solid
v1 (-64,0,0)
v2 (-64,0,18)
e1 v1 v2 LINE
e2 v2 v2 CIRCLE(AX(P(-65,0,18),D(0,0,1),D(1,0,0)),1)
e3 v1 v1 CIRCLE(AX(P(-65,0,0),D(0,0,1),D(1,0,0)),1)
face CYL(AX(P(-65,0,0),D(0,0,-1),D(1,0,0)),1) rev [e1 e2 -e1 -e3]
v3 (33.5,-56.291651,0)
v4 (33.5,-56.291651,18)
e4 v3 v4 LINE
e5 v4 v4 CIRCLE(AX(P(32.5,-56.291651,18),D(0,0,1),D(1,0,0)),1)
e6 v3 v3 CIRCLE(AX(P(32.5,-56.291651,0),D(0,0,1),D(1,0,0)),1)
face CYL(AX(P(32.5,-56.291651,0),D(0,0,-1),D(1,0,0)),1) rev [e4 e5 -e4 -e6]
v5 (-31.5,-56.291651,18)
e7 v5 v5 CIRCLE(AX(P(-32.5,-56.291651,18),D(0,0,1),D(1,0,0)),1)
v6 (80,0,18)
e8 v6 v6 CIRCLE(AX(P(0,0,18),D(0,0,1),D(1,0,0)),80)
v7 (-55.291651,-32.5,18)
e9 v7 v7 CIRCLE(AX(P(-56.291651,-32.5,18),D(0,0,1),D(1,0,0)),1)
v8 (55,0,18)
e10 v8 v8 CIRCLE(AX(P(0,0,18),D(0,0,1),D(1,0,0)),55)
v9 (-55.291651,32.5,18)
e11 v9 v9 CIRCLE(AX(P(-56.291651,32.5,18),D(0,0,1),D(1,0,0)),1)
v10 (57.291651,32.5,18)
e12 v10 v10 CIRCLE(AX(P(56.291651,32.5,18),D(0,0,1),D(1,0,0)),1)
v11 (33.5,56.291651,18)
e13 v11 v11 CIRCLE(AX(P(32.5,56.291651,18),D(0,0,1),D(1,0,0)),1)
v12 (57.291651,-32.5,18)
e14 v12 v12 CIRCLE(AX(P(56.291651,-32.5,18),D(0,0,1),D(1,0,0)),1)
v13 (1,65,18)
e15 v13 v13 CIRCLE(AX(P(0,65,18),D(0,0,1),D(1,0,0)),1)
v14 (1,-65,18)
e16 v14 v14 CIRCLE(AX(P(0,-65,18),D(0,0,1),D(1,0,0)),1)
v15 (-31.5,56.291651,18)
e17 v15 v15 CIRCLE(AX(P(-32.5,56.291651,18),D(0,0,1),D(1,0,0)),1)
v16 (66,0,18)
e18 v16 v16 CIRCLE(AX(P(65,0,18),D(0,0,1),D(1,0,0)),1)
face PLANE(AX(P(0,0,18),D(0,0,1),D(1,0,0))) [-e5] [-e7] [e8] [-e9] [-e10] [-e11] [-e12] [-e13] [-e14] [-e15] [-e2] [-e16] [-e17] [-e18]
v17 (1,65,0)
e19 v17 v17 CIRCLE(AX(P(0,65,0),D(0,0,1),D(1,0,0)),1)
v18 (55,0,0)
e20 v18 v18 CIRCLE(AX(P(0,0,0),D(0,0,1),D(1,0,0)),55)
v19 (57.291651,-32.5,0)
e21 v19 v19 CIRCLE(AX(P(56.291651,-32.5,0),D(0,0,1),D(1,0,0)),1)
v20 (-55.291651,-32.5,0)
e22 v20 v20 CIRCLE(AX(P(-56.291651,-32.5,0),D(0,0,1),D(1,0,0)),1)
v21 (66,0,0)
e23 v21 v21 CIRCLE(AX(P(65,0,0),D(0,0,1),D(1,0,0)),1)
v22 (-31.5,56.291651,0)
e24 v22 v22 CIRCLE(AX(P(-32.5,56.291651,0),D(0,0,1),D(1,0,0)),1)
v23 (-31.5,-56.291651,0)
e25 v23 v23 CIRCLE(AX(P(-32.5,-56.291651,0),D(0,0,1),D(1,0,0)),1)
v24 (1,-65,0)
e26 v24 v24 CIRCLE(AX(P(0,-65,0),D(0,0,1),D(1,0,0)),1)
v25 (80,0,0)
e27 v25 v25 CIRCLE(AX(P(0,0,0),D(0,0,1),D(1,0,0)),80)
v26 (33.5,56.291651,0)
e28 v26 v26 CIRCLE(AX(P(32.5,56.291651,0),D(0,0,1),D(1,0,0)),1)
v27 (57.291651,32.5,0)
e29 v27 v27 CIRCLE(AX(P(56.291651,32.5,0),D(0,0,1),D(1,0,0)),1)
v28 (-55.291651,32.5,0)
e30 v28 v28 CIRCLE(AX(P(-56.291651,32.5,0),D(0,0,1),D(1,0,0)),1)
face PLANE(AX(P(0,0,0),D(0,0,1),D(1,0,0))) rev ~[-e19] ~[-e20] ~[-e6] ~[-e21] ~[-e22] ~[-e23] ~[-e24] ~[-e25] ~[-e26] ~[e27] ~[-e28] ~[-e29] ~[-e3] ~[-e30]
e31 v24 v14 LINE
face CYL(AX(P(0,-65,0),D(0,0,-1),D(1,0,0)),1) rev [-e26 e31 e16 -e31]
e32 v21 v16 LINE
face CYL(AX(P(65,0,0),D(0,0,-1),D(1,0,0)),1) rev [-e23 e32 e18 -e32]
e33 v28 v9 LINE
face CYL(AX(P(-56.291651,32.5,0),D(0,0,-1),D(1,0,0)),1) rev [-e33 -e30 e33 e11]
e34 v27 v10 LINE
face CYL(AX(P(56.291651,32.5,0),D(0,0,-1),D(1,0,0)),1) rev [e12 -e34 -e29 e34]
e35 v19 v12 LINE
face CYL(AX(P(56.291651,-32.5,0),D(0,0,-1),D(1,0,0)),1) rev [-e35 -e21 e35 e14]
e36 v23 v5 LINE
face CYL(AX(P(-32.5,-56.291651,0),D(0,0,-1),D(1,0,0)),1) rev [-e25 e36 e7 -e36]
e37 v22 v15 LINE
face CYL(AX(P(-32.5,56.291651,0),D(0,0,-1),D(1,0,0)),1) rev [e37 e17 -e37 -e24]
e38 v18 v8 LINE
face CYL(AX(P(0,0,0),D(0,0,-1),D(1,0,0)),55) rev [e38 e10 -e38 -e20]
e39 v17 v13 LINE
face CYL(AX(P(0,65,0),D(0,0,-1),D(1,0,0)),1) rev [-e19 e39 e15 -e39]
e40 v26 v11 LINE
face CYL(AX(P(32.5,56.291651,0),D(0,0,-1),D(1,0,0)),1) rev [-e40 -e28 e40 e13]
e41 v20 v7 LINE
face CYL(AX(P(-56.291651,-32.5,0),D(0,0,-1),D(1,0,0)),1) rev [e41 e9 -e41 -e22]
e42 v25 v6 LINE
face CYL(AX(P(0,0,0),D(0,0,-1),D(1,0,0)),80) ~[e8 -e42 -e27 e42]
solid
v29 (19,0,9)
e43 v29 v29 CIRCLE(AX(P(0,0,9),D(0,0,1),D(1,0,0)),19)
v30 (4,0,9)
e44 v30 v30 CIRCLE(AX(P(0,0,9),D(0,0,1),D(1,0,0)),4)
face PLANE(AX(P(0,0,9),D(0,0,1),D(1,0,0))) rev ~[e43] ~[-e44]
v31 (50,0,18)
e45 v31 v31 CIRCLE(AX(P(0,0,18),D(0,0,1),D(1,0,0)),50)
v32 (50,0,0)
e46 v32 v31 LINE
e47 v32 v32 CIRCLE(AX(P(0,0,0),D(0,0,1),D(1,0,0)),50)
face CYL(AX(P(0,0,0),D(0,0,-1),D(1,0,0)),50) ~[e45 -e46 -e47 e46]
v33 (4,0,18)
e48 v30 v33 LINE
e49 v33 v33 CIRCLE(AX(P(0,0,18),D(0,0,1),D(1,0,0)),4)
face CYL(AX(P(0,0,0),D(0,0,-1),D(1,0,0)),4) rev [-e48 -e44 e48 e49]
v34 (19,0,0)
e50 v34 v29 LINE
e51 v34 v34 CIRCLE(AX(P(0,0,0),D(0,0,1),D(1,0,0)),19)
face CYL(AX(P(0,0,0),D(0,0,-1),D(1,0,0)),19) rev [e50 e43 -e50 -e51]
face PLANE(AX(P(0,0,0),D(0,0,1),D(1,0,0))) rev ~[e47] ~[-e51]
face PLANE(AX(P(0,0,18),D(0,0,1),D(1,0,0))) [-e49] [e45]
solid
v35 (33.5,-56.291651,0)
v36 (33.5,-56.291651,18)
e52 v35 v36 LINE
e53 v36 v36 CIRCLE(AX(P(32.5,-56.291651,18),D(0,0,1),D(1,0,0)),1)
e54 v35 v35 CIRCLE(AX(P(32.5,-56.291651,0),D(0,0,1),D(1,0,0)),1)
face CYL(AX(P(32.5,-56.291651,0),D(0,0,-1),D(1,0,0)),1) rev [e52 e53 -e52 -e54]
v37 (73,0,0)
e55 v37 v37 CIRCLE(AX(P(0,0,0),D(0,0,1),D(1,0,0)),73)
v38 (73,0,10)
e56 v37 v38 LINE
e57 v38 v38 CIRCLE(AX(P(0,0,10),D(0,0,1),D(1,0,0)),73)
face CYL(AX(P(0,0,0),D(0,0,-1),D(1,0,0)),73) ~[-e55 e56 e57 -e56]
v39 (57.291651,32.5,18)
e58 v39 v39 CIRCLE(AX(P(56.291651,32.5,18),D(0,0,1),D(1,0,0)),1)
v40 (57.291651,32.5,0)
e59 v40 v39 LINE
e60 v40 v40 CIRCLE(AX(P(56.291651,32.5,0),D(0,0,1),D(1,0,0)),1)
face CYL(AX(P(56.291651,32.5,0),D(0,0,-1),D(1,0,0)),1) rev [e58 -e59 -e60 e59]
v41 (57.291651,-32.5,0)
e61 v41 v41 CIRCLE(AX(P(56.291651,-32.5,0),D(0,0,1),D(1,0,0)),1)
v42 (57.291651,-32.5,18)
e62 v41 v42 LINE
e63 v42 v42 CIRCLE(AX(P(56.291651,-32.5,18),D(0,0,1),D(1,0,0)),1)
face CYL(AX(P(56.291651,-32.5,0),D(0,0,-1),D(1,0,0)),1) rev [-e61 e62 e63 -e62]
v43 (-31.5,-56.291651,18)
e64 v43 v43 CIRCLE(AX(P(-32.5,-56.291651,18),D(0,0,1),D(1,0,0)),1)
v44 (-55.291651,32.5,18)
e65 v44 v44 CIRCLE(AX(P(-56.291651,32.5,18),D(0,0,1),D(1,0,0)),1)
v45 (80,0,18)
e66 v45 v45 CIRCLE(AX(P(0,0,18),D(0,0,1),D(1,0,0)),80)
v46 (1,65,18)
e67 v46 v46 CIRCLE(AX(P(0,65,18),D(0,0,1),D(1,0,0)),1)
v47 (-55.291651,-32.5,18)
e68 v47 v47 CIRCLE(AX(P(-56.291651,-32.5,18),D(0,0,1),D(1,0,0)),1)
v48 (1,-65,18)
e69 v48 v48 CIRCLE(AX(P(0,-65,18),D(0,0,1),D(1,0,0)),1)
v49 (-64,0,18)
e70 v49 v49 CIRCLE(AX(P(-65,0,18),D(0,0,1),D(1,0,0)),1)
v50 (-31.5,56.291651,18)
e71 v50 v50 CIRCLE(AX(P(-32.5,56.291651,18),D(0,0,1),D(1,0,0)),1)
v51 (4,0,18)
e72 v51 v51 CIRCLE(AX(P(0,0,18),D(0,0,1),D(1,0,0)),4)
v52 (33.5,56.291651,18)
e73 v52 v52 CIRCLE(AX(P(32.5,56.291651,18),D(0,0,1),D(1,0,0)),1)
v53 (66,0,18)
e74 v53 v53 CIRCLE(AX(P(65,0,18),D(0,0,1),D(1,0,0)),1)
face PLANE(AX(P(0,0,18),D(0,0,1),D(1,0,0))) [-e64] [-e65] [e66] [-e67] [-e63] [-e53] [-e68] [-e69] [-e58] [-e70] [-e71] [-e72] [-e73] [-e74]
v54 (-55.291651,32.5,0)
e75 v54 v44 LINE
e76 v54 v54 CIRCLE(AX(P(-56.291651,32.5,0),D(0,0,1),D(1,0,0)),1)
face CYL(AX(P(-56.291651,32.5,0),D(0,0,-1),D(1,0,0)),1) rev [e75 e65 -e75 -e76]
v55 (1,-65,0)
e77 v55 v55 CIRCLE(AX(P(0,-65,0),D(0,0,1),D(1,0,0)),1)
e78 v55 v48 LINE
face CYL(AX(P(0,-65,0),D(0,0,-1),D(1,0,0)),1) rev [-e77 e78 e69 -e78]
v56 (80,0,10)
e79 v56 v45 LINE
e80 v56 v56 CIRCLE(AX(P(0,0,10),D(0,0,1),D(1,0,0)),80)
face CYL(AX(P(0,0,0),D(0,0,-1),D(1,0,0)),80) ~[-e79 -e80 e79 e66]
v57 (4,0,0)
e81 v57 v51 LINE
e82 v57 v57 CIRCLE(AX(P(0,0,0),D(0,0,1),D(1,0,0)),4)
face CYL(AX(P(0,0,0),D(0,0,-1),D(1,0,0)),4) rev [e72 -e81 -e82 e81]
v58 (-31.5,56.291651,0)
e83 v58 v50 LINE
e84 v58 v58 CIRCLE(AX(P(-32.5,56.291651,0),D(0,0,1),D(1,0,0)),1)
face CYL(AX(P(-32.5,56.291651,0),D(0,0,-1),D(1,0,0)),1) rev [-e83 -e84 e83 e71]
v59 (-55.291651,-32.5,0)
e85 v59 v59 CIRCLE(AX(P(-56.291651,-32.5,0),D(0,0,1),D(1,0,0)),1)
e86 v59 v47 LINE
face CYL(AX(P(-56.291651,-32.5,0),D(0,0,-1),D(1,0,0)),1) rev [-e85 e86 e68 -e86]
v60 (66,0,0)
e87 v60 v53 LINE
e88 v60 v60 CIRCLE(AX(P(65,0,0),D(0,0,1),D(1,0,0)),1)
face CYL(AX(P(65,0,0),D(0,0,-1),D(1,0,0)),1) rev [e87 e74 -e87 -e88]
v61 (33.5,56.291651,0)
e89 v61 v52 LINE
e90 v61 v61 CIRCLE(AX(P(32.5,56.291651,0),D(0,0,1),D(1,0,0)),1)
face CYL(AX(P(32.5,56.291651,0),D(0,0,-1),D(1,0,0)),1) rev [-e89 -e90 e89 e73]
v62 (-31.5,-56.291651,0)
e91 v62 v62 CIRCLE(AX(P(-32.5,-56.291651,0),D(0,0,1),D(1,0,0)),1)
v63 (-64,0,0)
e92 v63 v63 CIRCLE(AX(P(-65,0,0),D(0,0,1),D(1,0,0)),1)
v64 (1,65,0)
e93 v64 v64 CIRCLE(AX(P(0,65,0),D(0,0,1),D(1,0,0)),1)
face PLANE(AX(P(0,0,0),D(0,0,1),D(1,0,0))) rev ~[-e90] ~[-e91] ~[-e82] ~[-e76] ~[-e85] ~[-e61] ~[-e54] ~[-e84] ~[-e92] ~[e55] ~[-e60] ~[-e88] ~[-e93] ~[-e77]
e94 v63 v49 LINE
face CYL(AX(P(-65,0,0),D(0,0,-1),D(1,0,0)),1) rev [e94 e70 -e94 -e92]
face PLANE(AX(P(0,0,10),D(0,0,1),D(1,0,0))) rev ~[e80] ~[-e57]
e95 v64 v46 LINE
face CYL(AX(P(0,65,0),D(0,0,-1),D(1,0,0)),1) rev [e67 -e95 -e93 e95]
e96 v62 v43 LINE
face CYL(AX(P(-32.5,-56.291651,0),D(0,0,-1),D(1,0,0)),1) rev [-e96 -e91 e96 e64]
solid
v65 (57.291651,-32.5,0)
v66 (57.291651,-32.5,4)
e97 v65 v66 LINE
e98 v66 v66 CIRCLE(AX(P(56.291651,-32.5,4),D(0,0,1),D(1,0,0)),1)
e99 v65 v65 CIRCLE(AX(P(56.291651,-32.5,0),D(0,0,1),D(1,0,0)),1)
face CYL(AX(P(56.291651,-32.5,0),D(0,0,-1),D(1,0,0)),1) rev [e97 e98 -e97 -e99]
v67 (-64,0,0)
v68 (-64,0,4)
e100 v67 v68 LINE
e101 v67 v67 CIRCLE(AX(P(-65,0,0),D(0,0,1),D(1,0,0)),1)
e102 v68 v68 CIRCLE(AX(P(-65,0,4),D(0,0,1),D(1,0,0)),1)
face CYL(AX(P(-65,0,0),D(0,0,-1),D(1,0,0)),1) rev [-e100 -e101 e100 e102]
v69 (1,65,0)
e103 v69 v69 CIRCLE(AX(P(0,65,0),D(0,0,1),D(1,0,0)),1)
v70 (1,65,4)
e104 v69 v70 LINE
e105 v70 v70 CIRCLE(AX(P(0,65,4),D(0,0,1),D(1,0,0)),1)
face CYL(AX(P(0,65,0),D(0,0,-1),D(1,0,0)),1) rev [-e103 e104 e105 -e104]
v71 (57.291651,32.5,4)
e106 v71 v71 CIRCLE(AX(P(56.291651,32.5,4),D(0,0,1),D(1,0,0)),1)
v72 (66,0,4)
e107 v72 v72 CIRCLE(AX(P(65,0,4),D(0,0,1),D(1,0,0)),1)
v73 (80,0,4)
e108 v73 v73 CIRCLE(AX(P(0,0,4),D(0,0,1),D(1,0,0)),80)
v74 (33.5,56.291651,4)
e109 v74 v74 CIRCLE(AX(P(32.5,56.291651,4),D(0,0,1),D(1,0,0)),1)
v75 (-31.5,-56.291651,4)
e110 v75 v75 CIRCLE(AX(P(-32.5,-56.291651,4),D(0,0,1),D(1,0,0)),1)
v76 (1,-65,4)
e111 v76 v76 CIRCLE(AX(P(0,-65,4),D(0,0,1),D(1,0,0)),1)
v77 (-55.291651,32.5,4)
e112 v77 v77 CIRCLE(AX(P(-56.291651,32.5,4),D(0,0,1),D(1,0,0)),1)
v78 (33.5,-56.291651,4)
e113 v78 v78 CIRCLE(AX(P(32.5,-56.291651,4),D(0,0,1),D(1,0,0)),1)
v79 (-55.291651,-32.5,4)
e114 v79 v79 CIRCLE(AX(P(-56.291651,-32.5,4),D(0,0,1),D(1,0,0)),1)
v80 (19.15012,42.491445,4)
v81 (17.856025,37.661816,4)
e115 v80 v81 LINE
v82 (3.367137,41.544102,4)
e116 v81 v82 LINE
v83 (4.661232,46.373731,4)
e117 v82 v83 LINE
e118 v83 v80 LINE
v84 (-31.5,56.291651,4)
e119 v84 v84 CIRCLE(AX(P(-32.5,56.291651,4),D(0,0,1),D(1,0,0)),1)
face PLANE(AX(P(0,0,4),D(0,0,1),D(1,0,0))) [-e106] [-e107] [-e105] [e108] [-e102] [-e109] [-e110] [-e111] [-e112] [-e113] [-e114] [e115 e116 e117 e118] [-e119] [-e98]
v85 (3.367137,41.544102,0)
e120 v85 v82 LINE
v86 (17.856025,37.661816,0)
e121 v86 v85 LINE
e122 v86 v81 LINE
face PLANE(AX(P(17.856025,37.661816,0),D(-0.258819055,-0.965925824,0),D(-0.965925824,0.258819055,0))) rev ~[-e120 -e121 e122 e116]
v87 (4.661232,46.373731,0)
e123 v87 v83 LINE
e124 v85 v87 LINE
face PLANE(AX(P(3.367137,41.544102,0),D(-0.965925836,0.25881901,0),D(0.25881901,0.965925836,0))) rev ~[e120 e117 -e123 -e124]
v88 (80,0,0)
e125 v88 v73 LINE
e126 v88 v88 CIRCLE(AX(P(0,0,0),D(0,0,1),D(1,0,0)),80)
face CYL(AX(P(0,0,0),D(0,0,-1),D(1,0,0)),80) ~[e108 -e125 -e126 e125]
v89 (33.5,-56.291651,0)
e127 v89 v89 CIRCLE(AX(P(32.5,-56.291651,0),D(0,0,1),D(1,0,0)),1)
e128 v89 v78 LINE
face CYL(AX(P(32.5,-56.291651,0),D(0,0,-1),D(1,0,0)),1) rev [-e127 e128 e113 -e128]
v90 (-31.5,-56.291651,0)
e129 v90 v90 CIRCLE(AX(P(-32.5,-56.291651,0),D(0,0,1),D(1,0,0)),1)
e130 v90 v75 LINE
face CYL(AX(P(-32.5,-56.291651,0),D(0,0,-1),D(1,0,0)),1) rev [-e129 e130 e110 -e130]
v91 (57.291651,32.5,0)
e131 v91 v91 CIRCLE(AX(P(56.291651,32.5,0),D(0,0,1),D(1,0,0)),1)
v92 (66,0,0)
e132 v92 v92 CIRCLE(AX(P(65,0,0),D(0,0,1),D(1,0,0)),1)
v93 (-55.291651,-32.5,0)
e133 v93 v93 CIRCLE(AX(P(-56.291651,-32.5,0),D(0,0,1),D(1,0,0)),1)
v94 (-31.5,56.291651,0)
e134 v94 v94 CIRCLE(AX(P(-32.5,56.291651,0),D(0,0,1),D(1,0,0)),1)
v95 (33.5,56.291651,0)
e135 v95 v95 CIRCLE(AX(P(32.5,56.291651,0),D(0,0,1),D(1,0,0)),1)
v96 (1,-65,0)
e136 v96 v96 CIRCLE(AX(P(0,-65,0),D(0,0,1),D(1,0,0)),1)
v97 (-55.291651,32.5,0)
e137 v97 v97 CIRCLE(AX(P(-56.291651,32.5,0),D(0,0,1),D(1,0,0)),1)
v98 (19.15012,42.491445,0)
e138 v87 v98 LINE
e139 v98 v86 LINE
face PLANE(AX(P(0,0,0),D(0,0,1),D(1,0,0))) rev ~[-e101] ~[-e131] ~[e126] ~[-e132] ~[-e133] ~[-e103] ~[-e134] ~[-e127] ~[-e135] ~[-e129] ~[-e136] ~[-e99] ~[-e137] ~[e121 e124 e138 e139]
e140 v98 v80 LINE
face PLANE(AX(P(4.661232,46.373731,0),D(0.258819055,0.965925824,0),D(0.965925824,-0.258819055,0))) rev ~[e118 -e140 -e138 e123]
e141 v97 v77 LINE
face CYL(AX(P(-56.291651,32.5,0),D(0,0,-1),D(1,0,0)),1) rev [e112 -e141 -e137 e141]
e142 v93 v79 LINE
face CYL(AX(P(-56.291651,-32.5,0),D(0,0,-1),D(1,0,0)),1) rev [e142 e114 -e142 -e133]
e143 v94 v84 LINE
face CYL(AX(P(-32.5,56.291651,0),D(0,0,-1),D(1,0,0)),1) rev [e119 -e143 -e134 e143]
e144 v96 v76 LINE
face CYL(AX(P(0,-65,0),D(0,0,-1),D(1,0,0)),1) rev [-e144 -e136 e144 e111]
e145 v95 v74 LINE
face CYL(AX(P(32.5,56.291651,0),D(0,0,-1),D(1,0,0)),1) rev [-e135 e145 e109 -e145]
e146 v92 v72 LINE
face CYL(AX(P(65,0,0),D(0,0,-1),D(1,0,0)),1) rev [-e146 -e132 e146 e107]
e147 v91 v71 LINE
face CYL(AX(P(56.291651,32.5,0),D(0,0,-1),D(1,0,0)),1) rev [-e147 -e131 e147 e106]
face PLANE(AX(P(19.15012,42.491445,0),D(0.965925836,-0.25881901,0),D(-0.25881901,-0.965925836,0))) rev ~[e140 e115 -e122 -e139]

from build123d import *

# Parameters (mm, degrees)
F0_R     = 50
F0_R_2   = 19
F0_R_3   = 4
F1_DEPTH = 18
F2_DEPTH = 9
F0_R_4   = 80
F0_R_5   = 73
F0_R_6   = 1
F0_R_7   = 55
F3_DEPTH = 18
F4_DEPTH = 10
F5_DEPTH = 18
F6_DEPTH = 4


with BuildPart() as f1:
    # F0 (on Top) → F1 (new body)
    with BuildSketch(Plane.XY):
        Circle(F0_R)
        Circle(F0_R_2, mode=Mode.SUBTRACT)
        Polygon((3.367137, 41.544102), (4.661232, 46.373731), (19.15012, 42.491445), (17.856025, 37.661816), align=None, mode=Mode.SUBTRACT)
        Circle(F0_R_2)
        Circle(F0_R_3, mode=Mode.SUBTRACT)
        Polygon((19.15012, 42.491445), (4.661232, 46.373731), (3.367137, 41.544102), (17.856025, 37.661816), align=None)
    extrude(amount=F1_DEPTH)

    # F0 (on Top) → F2 (cut)
    with BuildSketch(Plane.XY):
        Circle(F0_R_2)
        Circle(F0_R_3, mode=Mode.SUBTRACT)
    extrude(amount=F2_DEPTH, mode=Mode.SUBTRACT)


with BuildPart() as f3:
    # F0 (on Top) → F3 (new body)
    with BuildSketch(Plane.XY):
        Circle(F0_R_4)
        Circle(F0_R_5, mode=Mode.SUBTRACT)
        Circle(F0_R_5)
        with Locations((-32.5, -56.291651)):
            Circle(F0_R_6, mode=Mode.SUBTRACT)
        with Locations((-56.291651, -32.5)):
            Circle(F0_R_6, mode=Mode.SUBTRACT)
        with Locations((0, -65)):
            Circle(F0_R_6, mode=Mode.SUBTRACT)
        with Locations((32.5, -56.291651)):
            Circle(F0_R_6, mode=Mode.SUBTRACT)
        with Locations((56.291651, -32.5)):
            Circle(F0_R_6, mode=Mode.SUBTRACT)
        with Locations((-65, 0)):
            Circle(F0_R_6, mode=Mode.SUBTRACT)
        with Locations((-56.291651, 32.5)):
            Circle(F0_R_6, mode=Mode.SUBTRACT)
        with Locations((-32.5, 56.291651)):
            Circle(F0_R_6, mode=Mode.SUBTRACT)
        Circle(F0_R_7, mode=Mode.SUBTRACT)
        with Locations((65, 0)):
            Circle(F0_R_6, mode=Mode.SUBTRACT)
        with Locations((56.291651, 32.5)):
            Circle(F0_R_6, mode=Mode.SUBTRACT)
        with Locations((32.5, 56.291651)):
            Circle(F0_R_6, mode=Mode.SUBTRACT)
        with Locations((0, 65)):
            Circle(F0_R_6, mode=Mode.SUBTRACT)
        Circle(F0_R_7)
        Circle(F0_R, mode=Mode.SUBTRACT)
        Circle(F0_R)
        Circle(F0_R_2, mode=Mode.SUBTRACT)
        Polygon((3.367137, 41.544102), (4.661232, 46.373731), (19.15012, 42.491445), (17.856025, 37.661816), align=None, mode=Mode.SUBTRACT)
        Circle(F0_R_2)
        Circle(F0_R_3, mode=Mode.SUBTRACT)
        Polygon((19.15012, 42.491445), (4.661232, 46.373731), (3.367137, 41.544102), (17.856025, 37.661816), align=None)
    extrude(amount=F3_DEPTH)

    # F0 (on Top) → F4 (cut)
    with BuildSketch(Plane.XY):
        Circle(F0_R_4)
        Circle(F0_R_5, mode=Mode.SUBTRACT)
    extrude(amount=F4_DEPTH, mode=Mode.SUBTRACT)


with BuildPart() as f5:
    # F0 (on Top) → F5 (new body)
    with BuildSketch(Plane.XY):
        Circle(F0_R_4)
        Circle(F0_R_5, mode=Mode.SUBTRACT)
        Circle(F0_R_5)
        with Locations((-32.5, -56.291651)):
            Circle(F0_R_6, mode=Mode.SUBTRACT)
        with Locations((-56.291651, -32.5)):
            Circle(F0_R_6, mode=Mode.SUBTRACT)
        with Locations((0, -65)):
            Circle(F0_R_6, mode=Mode.SUBTRACT)
        with Locations((32.5, -56.291651)):
            Circle(F0_R_6, mode=Mode.SUBTRACT)
        with Locations((56.291651, -32.5)):
            Circle(F0_R_6, mode=Mode.SUBTRACT)
        with Locations((-65, 0)):
            Circle(F0_R_6, mode=Mode.SUBTRACT)
        with Locations((-56.291651, 32.5)):
            Circle(F0_R_6, mode=Mode.SUBTRACT)
        with Locations((-32.5, 56.291651)):
            Circle(F0_R_6, mode=Mode.SUBTRACT)
        Circle(F0_R_7, mode=Mode.SUBTRACT)
        with Locations((65, 0)):
            Circle(F0_R_6, mode=Mode.SUBTRACT)
        with Locations((56.291651, 32.5)):
            Circle(F0_R_6, mode=Mode.SUBTRACT)
        with Locations((32.5, 56.291651)):
            Circle(F0_R_6, mode=Mode.SUBTRACT)
        with Locations((0, 65)):
            Circle(F0_R_6, mode=Mode.SUBTRACT)
    extrude(amount=F5_DEPTH)


with BuildPart() as f6:
    # F0 (on Top) → F6 (new body)
    with BuildSketch(Plane.XY):
        Circle(F0_R_4)
        Circle(F0_R_5, mode=Mode.SUBTRACT)
        Circle(F0_R_5)
        with Locations((-32.5, -56.291651)):
            Circle(F0_R_6, mode=Mode.SUBTRACT)
        with Locations((-56.291651, -32.5)):
            Circle(F0_R_6, mode=Mode.SUBTRACT)
        with Locations((0, -65)):
            Circle(F0_R_6, mode=Mode.SUBTRACT)
        with Locations((32.5, -56.291651)):
            Circle(F0_R_6, mode=Mode.SUBTRACT)
        with Locations((56.291651, -32.5)):
            Circle(F0_R_6, mode=Mode.SUBTRACT)
        with Locations((-65, 0)):
            Circle(F0_R_6, mode=Mode.SUBTRACT)
        with Locations((-56.291651, 32.5)):
            Circle(F0_R_6, mode=Mode.SUBTRACT)
        with Locations((-32.5, 56.291651)):
            Circle(F0_R_6, mode=Mode.SUBTRACT)
        Circle(F0_R_7, mode=Mode.SUBTRACT)
        with Locations((65, 0)):
            Circle(F0_R_6, mode=Mode.SUBTRACT)
        with Locations((56.291651, 32.5)):
            Circle(F0_R_6, mode=Mode.SUBTRACT)
        with Locations((32.5, 56.291651)):
            Circle(F0_R_6, mode=Mode.SUBTRACT)
        with Locations((0, 65)):
            Circle(F0_R_6, mode=Mode.SUBTRACT)
        Circle(F0_R_7)
        Circle(F0_R, mode=Mode.SUBTRACT)
        Circle(F0_R)
        Circle(F0_R_2, mode=Mode.SUBTRACT)
        Polygon((3.367137, 41.544102), (4.661232, 46.373731), (19.15012, 42.491445), (17.856025, 37.661816), align=None, mode=Mode.SUBTRACT)
        Circle(F0_R_2)
        Circle(F0_R_3, mode=Mode.SUBTRACT)
        Circle(F0_R_3)
    extrude(amount=F6_DEPTH)


solid = Compound([f1.part, f3.part, f5.part, f6.part])
